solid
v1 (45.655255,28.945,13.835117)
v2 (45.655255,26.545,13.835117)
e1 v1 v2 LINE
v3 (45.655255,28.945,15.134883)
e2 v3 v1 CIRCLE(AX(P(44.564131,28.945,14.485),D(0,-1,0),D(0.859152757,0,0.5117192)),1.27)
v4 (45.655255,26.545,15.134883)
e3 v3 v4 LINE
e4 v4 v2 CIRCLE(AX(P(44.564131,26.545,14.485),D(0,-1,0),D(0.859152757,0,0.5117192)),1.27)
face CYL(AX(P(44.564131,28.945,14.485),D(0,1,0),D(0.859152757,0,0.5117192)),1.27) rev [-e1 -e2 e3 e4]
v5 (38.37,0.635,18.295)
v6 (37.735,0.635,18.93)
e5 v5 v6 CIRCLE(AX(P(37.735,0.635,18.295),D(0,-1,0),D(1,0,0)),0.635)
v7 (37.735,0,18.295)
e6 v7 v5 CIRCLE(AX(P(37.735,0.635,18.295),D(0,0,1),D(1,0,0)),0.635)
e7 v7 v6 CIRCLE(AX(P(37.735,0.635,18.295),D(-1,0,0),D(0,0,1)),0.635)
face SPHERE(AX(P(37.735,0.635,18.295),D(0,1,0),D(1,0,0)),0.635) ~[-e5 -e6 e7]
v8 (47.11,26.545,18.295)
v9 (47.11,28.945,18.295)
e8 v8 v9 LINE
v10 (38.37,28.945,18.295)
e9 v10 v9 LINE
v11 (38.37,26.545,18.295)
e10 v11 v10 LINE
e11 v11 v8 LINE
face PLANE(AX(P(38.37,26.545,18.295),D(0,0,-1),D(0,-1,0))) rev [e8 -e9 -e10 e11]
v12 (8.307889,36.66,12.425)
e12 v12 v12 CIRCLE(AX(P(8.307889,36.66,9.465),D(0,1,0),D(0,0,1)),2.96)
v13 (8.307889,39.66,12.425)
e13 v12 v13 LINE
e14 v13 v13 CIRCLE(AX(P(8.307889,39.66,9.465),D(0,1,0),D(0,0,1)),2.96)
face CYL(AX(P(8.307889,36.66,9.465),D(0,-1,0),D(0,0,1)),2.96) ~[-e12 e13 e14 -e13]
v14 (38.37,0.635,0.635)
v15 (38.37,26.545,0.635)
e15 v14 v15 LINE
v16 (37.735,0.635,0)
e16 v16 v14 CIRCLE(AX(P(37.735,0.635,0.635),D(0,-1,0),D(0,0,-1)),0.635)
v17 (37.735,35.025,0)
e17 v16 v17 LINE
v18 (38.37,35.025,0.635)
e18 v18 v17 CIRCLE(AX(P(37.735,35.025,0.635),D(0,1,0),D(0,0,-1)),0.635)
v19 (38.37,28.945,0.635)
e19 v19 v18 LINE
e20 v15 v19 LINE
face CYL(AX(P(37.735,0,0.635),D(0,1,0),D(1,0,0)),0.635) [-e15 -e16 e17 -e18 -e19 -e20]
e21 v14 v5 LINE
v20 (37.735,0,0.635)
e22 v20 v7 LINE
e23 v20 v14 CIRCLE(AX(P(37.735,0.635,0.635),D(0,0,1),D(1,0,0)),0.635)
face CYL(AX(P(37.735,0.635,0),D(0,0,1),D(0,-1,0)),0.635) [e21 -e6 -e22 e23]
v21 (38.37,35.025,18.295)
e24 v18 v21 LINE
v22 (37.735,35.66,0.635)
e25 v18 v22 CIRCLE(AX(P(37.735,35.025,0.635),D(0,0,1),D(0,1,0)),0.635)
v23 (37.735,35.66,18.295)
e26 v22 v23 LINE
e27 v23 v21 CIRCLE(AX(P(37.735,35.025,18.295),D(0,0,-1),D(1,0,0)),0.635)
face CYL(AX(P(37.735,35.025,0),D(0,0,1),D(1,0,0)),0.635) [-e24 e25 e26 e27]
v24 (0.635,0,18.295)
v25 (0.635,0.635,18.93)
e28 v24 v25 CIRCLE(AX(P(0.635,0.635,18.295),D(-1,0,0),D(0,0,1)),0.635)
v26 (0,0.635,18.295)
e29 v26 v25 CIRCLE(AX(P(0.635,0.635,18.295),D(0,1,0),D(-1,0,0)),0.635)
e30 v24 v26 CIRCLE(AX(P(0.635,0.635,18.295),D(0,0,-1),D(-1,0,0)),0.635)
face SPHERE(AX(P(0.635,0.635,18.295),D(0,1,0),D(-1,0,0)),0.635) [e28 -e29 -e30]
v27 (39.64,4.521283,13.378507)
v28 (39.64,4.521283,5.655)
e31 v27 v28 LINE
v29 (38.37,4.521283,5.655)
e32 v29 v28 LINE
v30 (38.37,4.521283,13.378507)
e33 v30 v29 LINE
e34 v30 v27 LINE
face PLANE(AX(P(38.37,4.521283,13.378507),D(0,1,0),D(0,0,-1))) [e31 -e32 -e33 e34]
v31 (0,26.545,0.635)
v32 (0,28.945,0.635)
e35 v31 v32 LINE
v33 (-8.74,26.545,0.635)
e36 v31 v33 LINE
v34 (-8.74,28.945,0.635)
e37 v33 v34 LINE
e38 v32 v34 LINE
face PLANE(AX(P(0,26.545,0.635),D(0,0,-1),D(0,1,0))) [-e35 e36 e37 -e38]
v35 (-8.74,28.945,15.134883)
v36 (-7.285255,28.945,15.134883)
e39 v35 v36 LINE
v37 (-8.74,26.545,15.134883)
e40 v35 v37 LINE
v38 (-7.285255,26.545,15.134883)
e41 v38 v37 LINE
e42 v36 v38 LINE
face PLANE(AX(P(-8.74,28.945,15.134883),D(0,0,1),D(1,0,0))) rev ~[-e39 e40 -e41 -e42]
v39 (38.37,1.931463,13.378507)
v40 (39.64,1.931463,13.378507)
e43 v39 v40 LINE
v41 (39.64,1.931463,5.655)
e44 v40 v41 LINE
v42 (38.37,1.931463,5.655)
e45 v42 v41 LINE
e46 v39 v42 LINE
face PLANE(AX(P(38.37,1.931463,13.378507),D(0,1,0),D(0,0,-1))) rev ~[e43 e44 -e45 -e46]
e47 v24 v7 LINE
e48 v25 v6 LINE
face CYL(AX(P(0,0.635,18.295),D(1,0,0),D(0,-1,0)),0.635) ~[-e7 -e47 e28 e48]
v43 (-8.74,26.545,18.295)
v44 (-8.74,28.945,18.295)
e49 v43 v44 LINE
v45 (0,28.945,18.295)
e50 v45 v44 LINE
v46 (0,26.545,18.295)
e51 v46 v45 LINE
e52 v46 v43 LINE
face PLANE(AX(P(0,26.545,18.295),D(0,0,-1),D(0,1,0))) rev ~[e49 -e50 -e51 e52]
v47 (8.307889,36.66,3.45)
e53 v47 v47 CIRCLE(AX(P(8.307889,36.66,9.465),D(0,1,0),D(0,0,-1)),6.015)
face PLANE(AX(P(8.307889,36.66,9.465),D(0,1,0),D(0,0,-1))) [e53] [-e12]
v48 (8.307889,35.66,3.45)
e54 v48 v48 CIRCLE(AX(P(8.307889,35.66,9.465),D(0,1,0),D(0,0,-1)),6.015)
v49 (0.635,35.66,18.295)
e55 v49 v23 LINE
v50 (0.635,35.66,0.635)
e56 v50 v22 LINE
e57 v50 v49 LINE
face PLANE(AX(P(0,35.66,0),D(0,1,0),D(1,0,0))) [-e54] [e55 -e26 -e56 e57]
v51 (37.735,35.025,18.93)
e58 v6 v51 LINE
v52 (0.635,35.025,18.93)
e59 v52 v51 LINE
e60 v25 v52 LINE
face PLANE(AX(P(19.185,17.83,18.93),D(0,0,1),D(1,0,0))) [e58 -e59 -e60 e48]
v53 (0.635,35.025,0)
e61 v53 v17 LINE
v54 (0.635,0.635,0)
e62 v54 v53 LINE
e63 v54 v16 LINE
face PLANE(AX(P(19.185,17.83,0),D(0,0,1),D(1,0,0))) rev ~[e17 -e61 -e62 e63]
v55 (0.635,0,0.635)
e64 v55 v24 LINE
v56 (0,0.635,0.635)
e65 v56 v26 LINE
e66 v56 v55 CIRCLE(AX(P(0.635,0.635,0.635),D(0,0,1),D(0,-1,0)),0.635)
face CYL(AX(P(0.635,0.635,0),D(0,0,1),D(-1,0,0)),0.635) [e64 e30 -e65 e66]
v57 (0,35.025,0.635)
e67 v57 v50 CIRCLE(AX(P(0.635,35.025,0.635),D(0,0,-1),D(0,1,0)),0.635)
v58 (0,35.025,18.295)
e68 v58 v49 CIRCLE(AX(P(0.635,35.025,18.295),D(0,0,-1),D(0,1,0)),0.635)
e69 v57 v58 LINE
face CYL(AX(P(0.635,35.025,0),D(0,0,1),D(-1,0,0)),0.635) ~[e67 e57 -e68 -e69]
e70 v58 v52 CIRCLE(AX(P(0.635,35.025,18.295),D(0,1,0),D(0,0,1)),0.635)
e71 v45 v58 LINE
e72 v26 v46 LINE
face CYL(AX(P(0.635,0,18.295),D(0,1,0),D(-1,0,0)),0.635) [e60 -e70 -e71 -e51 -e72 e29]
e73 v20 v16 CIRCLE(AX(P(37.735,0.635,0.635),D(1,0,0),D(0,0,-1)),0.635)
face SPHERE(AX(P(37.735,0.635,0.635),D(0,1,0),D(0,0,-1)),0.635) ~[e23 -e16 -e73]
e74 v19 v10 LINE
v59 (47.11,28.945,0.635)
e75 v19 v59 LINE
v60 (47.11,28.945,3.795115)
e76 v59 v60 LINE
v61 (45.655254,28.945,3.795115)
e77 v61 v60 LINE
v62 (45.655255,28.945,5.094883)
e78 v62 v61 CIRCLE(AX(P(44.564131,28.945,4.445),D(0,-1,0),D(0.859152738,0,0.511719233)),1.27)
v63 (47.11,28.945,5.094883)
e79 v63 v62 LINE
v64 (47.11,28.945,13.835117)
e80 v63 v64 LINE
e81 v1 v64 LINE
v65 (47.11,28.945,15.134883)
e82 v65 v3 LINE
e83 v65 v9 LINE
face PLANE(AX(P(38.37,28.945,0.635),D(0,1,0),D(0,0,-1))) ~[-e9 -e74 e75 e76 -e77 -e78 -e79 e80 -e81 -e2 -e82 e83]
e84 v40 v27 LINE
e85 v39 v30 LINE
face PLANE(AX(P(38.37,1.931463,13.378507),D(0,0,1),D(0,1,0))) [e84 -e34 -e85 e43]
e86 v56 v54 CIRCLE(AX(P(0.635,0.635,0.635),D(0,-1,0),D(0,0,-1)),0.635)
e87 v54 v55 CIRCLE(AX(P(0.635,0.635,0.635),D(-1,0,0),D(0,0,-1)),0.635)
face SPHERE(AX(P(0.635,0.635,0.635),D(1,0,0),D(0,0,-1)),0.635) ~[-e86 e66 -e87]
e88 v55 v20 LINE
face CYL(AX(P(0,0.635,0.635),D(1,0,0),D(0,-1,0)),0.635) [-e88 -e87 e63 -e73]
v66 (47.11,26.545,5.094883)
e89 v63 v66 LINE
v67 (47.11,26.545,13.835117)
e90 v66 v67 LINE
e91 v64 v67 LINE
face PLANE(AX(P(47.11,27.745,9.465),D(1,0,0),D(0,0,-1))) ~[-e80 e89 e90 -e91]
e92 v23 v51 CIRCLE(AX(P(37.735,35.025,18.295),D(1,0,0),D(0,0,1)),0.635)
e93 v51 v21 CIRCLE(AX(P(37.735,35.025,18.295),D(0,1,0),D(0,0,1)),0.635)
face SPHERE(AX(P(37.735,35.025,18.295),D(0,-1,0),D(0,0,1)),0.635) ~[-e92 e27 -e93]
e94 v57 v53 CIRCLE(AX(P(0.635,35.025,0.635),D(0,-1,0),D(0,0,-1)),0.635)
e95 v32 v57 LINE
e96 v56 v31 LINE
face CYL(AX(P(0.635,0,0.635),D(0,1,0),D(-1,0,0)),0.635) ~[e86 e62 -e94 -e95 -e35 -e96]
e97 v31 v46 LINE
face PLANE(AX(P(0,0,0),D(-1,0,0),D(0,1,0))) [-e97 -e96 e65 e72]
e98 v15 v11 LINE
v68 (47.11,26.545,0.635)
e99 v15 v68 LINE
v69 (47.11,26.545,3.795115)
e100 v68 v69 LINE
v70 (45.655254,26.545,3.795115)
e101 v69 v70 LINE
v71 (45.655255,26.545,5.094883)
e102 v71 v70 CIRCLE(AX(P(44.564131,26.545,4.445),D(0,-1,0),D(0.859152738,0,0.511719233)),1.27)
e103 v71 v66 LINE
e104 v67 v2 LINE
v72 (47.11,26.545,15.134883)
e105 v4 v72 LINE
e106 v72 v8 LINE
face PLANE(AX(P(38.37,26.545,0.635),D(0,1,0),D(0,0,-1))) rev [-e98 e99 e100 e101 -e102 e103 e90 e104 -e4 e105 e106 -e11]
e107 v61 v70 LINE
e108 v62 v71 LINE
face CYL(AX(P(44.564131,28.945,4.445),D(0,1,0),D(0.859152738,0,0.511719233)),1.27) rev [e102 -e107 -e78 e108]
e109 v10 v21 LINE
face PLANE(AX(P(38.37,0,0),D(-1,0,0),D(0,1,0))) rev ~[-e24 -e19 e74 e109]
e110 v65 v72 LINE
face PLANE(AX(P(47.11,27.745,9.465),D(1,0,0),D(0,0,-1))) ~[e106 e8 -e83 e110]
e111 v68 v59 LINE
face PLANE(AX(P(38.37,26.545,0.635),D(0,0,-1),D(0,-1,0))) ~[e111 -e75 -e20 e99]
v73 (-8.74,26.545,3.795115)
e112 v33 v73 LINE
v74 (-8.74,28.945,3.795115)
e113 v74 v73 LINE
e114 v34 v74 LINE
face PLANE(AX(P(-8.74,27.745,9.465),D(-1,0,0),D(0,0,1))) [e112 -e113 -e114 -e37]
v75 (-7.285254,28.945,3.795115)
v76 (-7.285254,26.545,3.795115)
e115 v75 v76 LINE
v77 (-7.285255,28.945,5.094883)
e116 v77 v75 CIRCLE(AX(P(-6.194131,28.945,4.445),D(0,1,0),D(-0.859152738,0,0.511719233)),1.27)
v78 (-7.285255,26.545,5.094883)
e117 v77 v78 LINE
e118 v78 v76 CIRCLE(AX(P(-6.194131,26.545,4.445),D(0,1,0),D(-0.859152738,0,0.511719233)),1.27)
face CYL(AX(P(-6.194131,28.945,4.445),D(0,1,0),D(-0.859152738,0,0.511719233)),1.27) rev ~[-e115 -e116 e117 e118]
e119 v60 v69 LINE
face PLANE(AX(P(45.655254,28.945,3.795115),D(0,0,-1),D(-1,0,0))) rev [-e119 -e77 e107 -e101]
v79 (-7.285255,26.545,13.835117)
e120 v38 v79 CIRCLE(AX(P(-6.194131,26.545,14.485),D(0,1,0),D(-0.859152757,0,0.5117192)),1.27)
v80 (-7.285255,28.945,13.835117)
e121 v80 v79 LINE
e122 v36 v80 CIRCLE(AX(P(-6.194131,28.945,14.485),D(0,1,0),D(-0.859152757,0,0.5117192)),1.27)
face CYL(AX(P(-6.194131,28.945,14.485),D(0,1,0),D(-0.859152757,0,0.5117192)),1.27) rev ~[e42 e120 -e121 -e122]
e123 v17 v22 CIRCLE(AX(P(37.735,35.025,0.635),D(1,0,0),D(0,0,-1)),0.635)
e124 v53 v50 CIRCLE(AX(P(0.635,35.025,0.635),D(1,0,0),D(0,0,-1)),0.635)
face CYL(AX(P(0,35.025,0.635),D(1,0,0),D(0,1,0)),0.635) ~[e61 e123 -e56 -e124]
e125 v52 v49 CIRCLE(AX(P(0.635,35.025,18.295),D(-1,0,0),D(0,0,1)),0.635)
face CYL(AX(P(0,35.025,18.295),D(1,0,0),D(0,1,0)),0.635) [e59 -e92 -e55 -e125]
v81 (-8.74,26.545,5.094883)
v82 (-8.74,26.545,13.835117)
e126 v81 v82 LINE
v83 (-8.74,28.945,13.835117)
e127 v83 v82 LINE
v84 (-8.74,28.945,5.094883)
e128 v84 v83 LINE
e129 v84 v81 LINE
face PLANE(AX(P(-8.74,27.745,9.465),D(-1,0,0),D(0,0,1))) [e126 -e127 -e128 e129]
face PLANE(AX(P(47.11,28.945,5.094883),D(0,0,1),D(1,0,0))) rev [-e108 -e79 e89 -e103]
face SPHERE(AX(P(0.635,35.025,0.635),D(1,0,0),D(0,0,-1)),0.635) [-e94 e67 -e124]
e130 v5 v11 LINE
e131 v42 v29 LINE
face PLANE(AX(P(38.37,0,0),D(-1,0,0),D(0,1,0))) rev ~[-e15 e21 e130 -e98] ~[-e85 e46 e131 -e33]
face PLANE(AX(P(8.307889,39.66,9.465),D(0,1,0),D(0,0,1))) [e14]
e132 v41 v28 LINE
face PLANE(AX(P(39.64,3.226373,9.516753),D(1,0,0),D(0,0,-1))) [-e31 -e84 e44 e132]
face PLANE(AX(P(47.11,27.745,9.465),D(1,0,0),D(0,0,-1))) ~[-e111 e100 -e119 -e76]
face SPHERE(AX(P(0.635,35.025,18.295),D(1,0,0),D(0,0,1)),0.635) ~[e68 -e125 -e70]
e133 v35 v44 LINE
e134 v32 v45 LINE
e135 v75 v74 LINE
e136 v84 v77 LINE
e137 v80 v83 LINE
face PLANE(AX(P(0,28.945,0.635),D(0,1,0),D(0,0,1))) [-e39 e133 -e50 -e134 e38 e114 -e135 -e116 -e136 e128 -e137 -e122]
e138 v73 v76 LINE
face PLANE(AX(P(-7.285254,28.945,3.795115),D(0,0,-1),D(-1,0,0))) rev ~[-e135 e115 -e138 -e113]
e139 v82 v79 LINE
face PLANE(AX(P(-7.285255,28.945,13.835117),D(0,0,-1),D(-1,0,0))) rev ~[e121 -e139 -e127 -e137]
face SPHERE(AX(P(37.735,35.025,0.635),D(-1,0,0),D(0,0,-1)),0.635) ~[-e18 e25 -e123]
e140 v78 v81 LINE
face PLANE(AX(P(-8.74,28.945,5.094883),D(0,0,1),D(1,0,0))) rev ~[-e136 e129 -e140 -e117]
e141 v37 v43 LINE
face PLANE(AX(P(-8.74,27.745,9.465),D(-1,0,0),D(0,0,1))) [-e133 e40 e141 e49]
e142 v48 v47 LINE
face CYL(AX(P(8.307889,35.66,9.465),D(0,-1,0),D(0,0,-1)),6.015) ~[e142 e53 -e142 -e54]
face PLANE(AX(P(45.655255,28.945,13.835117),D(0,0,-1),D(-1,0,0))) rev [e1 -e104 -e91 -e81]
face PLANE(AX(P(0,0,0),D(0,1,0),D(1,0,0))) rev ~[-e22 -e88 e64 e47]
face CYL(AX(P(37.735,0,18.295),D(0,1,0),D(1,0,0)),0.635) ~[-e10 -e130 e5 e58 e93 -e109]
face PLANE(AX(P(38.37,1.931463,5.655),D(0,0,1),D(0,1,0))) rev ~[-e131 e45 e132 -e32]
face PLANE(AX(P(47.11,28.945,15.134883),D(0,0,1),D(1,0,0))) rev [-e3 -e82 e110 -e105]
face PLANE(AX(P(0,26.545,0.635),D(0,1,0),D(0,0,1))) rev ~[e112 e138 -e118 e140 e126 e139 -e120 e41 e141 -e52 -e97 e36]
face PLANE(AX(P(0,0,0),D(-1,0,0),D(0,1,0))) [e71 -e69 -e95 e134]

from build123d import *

# Parameters (mm, degrees)
SKETCH1_W           = 38.37
SKETCH1_H           = 35.66
BOSS_EXTRUDE1_DEPTH = 18.93
FILLET1_R           = 0.635
SKETCH3_W           = 17.66
SKETCH3_H           = 2.4
BOSS_EXTRUDE2_DEPTH = 8.74
SKETCH5_R           = 6.015
BOSS_EXTRUDE3_DEPTH = 1
SKETCH7_R           = 2.96
BOSS_EXTRUDE4_DEPTH = 3
SKETCH8_W           = 7.723506563
SKETCH8_H           = 2.58982052
BOSS_EXTRUDE5_DEPTH = 1.27
CUT_EXTRUDE1_REACH  = 54.607


with BuildPart() as part:
    # Sketch1 → Boss-Extrude1 (new body)
    with BuildSketch(Plane.XY):
        with Locations((19.185, 17.83)):
            Rectangle(SKETCH1_W, SKETCH1_H)
    extrude(amount=BOSS_EXTRUDE1_DEPTH)

    # Fillet1
    fillet1_edges = [part.edges().sort_by_distance(p)[0] for p in [
        (38.37, 17.83, 18.93),
        (19.185, 35.66, 18.93),
        (0, 17.83, 18.93),
        (19.185, 35.66, 0),
        (38.37, 17.83, 0),
        (19.185, 0, 0),
        (0, 17.83, 0),
        (0, 35.66, 9.465),
        (38.37, 35.66, 9.465),
        (38.37, 0, 9.465),
        (0, 0, 9.465),
        (19.185, 0, 18.93),
    ]]
    fillet(fillet1_edges, radius=FILLET1_R)

    # Sketch3 → Boss-Extrude2 (add)
    with BuildSketch(Plane.ZY):
        with Locations((9.465, 27.745)):
            Rectangle(SKETCH3_W, SKETCH3_H)
    boss_extrude2 = extrude(amount=BOSS_EXTRUDE2_DEPTH)

    # Sketch5 → Boss-Extrude3 (add)
    with BuildSketch(Plane(origin=(0, 35.66, 0), x_dir=(1, 0, 0), z_dir=(0, 1, 0))):
        with Locations(Location((8.307888536, -9.465, 0), (0, 0, 90))):
            Circle(SKETCH5_R)
    extrude(amount=BOSS_EXTRUDE3_DEPTH)

    # Sketch7 → Boss-Extrude4 (add)
    with BuildSketch(Plane(origin=(0, 36.66, 0), x_dir=(1, 0, 0), z_dir=(0, 1, 0))):
        with Locations(Location((8.307888536, -9.465, 0), (0, 0, 270))):
            Circle(SKETCH7_R)
    extrude(amount=BOSS_EXTRUDE4_DEPTH)

    # Sketch8 → Boss-Extrude5 (add)
    with BuildSketch(Plane(origin=(38.37, 0, 0), x_dir=(0, 0, -1), z_dir=(1, 0, 0))):
        with Locations((-9.516753281, 3.226372892)):
            Rectangle(SKETCH8_W, SKETCH8_H)
    extrude(amount=BOSS_EXTRUDE5_DEPTH)

    # Sketch9 → Cut-Extrude1 (cut, up to next)
    with BuildSketch(Plane(origin=(0, 28.945, 0), x_dir=(1, 0, 0), z_dir=(0, 1, 0)), mode=Mode.PRIVATE) as cut_extrude1_sk1:
        with BuildLine():
            Line((-8.74, -5.094883425), (-7.285254756, -5.094883425))
            ThreePointArc((-7.285254756, -5.094883425), (-4.924130779, -4.445001135), (-7.285253595, -3.795114625))
            Line((-7.285253595, -3.795114625), (-8.74, -3.795114625))
            Line((-8.74, -3.795114625), (-8.74, -5.094883425))
        make_face()
    cut_extrude1_tool1 = extrude(cut_extrude1_sk1.sketch, amount=-CUT_EXTRUDE1_REACH, mode=Mode.PRIVATE) & part.part
    # Sketch9 → Cut-Extrude1 (cut, up to next)
    with BuildSketch(Plane(origin=(0, 28.945, 0), x_dir=(1, 0, 0), z_dir=(0, 1, 0)), mode=Mode.PRIVATE) as cut_extrude1_sk2:
        with BuildLine():
            Line((-8.74, -13.835116616), (-8.74, -15.134883384))
            Line((-8.74, -15.134883384), (-7.285254781, -15.134883384))
            ThreePointArc((-7.285254781, -15.134883384), (-4.924130779, -14.485), (-7.285254781, -13.835116616))
            Line((-7.285254781, -13.835116616), (-8.74, -13.835116616))
        make_face()
    cut_extrude1_tool2 = extrude(cut_extrude1_sk2.sketch, amount=-CUT_EXTRUDE1_REACH, mode=Mode.PRIVATE) & part.part
    cut_extrude1_1 = cut_extrude1_tool1.solids().sort_by_distance((-6.672838, 28.945, 4.445))[0]
    add(cut_extrude1_1, mode=Mode.SUBTRACT)
    cut_extrude1_2 = cut_extrude1_tool2.solids().sort_by_distance((-6.672837, 28.945, 14.485))[0]
    add(cut_extrude1_2, mode=Mode.SUBTRACT)
    cut_extrude1 = cut_extrude1_1 + cut_extrude1_2  # Cut-Extrude1 as one shape, for the pattern or mirror that repeats it

    # Mirror3: Boss-Extrude2, Cut-Extrude1 across plane
    add(boss_extrude2.mirror(Plane.ZY.offset(-19.185)))
    add(cut_extrude1.mirror(Plane.ZY.offset(-19.185)), mode=Mode.SUBTRACT)


solid = part.part
